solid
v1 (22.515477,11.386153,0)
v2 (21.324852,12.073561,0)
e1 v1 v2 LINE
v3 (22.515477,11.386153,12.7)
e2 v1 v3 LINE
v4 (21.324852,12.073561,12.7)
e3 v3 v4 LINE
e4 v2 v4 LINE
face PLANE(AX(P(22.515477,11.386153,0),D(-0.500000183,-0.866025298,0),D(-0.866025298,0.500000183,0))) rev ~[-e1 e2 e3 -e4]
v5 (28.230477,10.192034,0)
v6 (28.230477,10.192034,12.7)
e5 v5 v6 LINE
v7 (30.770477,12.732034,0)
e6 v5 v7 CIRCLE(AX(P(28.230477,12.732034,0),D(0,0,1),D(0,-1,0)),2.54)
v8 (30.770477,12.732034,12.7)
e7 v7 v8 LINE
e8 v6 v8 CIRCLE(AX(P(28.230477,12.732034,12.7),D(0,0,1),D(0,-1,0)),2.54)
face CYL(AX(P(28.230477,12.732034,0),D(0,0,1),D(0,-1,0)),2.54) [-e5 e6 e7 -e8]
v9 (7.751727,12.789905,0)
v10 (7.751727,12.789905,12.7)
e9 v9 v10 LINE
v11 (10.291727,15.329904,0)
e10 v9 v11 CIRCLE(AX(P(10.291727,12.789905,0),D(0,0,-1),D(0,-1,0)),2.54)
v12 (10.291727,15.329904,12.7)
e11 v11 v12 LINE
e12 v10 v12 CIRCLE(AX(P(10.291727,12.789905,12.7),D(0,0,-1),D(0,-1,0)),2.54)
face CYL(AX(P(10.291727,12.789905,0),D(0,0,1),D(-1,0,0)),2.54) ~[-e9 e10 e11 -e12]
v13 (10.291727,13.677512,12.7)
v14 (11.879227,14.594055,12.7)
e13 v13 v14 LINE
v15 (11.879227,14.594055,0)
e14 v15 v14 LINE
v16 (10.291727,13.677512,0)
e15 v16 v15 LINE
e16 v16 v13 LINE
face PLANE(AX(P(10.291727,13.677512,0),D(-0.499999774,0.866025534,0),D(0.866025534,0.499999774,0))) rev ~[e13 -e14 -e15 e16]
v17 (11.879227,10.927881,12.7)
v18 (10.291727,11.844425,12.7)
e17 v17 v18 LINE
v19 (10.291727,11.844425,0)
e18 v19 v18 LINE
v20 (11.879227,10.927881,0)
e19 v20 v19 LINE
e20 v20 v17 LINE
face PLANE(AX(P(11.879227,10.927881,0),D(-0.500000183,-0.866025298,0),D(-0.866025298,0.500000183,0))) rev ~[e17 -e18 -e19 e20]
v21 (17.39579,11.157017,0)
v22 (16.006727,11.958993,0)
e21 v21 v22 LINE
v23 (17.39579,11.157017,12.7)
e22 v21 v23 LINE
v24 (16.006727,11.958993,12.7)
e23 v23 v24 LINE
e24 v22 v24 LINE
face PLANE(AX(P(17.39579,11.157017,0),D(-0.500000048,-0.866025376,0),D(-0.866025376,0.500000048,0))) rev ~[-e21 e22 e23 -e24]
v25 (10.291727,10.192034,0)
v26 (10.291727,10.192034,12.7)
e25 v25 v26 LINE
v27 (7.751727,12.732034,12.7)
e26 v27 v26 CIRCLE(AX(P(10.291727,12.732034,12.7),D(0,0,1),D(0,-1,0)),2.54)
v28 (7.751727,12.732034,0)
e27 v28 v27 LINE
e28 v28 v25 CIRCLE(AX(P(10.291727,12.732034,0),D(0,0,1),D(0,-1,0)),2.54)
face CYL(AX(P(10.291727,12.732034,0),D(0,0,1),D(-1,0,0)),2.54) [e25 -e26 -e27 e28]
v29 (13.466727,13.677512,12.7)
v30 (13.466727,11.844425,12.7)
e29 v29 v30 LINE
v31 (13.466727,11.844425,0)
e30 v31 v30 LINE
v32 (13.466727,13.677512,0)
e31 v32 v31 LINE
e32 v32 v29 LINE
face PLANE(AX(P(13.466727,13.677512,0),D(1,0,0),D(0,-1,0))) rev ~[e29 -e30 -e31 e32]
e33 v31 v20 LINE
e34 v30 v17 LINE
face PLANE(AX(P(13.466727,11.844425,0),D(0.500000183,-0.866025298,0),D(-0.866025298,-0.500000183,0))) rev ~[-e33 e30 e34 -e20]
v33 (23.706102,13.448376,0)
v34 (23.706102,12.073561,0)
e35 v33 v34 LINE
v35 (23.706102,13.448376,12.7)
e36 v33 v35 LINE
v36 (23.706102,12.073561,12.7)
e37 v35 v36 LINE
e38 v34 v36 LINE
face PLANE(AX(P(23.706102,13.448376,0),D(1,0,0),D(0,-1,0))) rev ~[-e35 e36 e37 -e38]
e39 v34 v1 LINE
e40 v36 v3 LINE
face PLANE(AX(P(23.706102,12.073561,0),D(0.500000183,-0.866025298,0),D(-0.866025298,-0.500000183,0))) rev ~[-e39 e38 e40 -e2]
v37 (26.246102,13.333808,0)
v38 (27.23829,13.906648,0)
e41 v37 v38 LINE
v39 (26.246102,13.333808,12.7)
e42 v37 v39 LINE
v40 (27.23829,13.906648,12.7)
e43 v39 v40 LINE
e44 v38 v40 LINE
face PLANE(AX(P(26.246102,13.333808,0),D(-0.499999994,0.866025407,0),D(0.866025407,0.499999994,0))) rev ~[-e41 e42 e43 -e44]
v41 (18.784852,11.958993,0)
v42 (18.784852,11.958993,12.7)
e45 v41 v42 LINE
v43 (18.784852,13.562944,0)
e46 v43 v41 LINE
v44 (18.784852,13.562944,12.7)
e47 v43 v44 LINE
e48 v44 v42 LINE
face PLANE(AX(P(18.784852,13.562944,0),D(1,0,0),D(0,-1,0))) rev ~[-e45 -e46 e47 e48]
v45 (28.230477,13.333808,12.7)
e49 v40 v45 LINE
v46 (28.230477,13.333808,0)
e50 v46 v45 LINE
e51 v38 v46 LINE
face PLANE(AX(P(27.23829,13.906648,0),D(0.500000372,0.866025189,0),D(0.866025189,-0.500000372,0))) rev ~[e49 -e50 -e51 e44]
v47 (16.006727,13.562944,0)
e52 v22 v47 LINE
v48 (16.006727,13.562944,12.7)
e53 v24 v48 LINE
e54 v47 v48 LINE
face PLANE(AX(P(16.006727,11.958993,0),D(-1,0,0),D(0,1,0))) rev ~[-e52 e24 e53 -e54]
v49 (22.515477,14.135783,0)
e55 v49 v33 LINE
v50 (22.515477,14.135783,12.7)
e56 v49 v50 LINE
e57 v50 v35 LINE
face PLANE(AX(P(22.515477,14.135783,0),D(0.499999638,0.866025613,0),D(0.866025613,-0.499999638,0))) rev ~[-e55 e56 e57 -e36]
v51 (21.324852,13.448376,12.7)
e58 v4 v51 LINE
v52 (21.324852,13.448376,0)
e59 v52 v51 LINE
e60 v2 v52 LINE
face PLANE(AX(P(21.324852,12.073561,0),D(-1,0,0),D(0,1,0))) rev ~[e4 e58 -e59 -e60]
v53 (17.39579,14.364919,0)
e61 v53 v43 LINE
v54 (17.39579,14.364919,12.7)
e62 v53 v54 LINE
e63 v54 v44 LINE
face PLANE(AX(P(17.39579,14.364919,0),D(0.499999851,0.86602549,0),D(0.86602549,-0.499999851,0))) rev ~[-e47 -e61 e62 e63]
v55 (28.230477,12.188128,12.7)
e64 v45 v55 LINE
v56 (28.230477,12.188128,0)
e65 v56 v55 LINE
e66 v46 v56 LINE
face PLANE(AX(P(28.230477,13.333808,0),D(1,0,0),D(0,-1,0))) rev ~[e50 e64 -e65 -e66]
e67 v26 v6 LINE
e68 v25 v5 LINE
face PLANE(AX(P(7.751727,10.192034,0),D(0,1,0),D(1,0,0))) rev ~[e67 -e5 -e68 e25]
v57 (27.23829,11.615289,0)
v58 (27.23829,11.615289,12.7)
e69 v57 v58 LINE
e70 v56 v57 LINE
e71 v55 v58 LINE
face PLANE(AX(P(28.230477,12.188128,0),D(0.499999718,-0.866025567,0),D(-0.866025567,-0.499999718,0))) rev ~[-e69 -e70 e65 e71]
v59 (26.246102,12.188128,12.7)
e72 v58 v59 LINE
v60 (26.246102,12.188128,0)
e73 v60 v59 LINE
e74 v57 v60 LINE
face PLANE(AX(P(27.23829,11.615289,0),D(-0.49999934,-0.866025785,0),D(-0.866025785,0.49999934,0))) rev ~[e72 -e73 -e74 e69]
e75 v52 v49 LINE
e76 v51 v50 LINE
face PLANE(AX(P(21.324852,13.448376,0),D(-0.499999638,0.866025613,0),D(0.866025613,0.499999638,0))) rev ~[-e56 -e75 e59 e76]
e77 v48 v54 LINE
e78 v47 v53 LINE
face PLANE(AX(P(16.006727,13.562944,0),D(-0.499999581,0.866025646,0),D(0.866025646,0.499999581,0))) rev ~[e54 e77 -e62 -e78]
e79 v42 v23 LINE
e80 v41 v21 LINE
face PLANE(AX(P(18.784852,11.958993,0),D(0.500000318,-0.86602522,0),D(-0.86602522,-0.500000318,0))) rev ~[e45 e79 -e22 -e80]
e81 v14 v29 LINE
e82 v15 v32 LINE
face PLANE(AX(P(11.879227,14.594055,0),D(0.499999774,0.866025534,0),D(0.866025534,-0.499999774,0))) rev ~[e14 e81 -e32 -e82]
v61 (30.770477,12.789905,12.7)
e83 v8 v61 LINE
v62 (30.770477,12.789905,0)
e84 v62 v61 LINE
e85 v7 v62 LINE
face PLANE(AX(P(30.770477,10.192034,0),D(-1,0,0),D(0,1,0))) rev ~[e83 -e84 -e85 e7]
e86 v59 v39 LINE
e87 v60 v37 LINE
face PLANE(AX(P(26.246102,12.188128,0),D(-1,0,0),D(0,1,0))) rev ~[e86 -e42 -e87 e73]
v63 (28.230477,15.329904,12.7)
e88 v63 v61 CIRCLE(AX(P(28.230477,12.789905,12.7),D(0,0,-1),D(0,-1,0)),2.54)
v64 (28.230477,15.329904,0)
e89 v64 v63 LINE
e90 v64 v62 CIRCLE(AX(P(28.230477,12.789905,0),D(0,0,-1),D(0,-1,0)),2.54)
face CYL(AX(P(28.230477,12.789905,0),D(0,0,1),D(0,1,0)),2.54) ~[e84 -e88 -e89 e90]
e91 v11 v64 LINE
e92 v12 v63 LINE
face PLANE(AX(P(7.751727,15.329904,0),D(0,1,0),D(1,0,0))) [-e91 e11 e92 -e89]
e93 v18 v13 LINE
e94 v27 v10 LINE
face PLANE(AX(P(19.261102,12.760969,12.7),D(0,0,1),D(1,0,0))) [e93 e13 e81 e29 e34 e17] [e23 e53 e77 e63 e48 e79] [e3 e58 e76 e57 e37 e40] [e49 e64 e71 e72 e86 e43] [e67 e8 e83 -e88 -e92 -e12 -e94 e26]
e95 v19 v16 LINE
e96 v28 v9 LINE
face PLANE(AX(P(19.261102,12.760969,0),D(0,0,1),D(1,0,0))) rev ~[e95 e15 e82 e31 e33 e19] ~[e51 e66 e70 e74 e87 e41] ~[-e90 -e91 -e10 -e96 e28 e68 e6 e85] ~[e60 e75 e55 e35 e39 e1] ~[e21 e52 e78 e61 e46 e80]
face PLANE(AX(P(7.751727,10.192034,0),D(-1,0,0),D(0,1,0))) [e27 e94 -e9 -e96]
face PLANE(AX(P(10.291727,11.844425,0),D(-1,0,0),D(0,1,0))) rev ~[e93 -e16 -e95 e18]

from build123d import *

# Parameters (mm, degrees)
F0_W     = 23.01875
F0_H     = 5.137871
F1_DEPTH = 12.7
F2_R     = 2.54


with BuildPart() as f1:
    # F0 (on Top) → F1 (new body)
    with BuildSketch(Plane.XY):
        with Locations((19.261102, 12.760969)):
            Rectangle(F0_W, F0_H)
        Polygon((11.879227, 14.594055), (13.466727, 13.677512), (13.466727, 11.844425), (11.879227, 10.927881), (10.291727, 11.844425), (10.291727, 13.677512), align=None, mode=Mode.SUBTRACT)
        Polygon((17.39579, 14.364919), (18.784852, 13.562944), (18.784852, 11.958993), (17.39579, 11.157017), (16.006727, 11.958993), (16.006727, 13.562944), align=None, mode=Mode.SUBTRACT)
        Polygon((22.515477, 14.135783), (23.706102, 13.448376), (23.706102, 12.073561), (22.515477, 11.386153), (21.324852, 12.073561), (21.324852, 13.448376), align=None, mode=Mode.SUBTRACT)
        Polygon((27.23829, 13.906648), (28.230477, 13.333808), (28.230477, 12.188128), (27.23829, 11.615289), (26.246102, 12.188128), (26.246102, 13.333808), align=None, mode=Mode.SUBTRACT)
    extrude(amount=F1_DEPTH)

    # F2
    f2_edges = [f1.edges().sort_by_distance(p)[0] for p in [
        (30.770477, 10.192033, 6.35),
        (7.751727, 10.192033, 6.35),
        (7.751727, 15.329904, 6.35),
        (30.770477, 15.329904, 6.35),
    ]]
    fillet(f2_edges, radius=F2_R)


solid = f1.part
